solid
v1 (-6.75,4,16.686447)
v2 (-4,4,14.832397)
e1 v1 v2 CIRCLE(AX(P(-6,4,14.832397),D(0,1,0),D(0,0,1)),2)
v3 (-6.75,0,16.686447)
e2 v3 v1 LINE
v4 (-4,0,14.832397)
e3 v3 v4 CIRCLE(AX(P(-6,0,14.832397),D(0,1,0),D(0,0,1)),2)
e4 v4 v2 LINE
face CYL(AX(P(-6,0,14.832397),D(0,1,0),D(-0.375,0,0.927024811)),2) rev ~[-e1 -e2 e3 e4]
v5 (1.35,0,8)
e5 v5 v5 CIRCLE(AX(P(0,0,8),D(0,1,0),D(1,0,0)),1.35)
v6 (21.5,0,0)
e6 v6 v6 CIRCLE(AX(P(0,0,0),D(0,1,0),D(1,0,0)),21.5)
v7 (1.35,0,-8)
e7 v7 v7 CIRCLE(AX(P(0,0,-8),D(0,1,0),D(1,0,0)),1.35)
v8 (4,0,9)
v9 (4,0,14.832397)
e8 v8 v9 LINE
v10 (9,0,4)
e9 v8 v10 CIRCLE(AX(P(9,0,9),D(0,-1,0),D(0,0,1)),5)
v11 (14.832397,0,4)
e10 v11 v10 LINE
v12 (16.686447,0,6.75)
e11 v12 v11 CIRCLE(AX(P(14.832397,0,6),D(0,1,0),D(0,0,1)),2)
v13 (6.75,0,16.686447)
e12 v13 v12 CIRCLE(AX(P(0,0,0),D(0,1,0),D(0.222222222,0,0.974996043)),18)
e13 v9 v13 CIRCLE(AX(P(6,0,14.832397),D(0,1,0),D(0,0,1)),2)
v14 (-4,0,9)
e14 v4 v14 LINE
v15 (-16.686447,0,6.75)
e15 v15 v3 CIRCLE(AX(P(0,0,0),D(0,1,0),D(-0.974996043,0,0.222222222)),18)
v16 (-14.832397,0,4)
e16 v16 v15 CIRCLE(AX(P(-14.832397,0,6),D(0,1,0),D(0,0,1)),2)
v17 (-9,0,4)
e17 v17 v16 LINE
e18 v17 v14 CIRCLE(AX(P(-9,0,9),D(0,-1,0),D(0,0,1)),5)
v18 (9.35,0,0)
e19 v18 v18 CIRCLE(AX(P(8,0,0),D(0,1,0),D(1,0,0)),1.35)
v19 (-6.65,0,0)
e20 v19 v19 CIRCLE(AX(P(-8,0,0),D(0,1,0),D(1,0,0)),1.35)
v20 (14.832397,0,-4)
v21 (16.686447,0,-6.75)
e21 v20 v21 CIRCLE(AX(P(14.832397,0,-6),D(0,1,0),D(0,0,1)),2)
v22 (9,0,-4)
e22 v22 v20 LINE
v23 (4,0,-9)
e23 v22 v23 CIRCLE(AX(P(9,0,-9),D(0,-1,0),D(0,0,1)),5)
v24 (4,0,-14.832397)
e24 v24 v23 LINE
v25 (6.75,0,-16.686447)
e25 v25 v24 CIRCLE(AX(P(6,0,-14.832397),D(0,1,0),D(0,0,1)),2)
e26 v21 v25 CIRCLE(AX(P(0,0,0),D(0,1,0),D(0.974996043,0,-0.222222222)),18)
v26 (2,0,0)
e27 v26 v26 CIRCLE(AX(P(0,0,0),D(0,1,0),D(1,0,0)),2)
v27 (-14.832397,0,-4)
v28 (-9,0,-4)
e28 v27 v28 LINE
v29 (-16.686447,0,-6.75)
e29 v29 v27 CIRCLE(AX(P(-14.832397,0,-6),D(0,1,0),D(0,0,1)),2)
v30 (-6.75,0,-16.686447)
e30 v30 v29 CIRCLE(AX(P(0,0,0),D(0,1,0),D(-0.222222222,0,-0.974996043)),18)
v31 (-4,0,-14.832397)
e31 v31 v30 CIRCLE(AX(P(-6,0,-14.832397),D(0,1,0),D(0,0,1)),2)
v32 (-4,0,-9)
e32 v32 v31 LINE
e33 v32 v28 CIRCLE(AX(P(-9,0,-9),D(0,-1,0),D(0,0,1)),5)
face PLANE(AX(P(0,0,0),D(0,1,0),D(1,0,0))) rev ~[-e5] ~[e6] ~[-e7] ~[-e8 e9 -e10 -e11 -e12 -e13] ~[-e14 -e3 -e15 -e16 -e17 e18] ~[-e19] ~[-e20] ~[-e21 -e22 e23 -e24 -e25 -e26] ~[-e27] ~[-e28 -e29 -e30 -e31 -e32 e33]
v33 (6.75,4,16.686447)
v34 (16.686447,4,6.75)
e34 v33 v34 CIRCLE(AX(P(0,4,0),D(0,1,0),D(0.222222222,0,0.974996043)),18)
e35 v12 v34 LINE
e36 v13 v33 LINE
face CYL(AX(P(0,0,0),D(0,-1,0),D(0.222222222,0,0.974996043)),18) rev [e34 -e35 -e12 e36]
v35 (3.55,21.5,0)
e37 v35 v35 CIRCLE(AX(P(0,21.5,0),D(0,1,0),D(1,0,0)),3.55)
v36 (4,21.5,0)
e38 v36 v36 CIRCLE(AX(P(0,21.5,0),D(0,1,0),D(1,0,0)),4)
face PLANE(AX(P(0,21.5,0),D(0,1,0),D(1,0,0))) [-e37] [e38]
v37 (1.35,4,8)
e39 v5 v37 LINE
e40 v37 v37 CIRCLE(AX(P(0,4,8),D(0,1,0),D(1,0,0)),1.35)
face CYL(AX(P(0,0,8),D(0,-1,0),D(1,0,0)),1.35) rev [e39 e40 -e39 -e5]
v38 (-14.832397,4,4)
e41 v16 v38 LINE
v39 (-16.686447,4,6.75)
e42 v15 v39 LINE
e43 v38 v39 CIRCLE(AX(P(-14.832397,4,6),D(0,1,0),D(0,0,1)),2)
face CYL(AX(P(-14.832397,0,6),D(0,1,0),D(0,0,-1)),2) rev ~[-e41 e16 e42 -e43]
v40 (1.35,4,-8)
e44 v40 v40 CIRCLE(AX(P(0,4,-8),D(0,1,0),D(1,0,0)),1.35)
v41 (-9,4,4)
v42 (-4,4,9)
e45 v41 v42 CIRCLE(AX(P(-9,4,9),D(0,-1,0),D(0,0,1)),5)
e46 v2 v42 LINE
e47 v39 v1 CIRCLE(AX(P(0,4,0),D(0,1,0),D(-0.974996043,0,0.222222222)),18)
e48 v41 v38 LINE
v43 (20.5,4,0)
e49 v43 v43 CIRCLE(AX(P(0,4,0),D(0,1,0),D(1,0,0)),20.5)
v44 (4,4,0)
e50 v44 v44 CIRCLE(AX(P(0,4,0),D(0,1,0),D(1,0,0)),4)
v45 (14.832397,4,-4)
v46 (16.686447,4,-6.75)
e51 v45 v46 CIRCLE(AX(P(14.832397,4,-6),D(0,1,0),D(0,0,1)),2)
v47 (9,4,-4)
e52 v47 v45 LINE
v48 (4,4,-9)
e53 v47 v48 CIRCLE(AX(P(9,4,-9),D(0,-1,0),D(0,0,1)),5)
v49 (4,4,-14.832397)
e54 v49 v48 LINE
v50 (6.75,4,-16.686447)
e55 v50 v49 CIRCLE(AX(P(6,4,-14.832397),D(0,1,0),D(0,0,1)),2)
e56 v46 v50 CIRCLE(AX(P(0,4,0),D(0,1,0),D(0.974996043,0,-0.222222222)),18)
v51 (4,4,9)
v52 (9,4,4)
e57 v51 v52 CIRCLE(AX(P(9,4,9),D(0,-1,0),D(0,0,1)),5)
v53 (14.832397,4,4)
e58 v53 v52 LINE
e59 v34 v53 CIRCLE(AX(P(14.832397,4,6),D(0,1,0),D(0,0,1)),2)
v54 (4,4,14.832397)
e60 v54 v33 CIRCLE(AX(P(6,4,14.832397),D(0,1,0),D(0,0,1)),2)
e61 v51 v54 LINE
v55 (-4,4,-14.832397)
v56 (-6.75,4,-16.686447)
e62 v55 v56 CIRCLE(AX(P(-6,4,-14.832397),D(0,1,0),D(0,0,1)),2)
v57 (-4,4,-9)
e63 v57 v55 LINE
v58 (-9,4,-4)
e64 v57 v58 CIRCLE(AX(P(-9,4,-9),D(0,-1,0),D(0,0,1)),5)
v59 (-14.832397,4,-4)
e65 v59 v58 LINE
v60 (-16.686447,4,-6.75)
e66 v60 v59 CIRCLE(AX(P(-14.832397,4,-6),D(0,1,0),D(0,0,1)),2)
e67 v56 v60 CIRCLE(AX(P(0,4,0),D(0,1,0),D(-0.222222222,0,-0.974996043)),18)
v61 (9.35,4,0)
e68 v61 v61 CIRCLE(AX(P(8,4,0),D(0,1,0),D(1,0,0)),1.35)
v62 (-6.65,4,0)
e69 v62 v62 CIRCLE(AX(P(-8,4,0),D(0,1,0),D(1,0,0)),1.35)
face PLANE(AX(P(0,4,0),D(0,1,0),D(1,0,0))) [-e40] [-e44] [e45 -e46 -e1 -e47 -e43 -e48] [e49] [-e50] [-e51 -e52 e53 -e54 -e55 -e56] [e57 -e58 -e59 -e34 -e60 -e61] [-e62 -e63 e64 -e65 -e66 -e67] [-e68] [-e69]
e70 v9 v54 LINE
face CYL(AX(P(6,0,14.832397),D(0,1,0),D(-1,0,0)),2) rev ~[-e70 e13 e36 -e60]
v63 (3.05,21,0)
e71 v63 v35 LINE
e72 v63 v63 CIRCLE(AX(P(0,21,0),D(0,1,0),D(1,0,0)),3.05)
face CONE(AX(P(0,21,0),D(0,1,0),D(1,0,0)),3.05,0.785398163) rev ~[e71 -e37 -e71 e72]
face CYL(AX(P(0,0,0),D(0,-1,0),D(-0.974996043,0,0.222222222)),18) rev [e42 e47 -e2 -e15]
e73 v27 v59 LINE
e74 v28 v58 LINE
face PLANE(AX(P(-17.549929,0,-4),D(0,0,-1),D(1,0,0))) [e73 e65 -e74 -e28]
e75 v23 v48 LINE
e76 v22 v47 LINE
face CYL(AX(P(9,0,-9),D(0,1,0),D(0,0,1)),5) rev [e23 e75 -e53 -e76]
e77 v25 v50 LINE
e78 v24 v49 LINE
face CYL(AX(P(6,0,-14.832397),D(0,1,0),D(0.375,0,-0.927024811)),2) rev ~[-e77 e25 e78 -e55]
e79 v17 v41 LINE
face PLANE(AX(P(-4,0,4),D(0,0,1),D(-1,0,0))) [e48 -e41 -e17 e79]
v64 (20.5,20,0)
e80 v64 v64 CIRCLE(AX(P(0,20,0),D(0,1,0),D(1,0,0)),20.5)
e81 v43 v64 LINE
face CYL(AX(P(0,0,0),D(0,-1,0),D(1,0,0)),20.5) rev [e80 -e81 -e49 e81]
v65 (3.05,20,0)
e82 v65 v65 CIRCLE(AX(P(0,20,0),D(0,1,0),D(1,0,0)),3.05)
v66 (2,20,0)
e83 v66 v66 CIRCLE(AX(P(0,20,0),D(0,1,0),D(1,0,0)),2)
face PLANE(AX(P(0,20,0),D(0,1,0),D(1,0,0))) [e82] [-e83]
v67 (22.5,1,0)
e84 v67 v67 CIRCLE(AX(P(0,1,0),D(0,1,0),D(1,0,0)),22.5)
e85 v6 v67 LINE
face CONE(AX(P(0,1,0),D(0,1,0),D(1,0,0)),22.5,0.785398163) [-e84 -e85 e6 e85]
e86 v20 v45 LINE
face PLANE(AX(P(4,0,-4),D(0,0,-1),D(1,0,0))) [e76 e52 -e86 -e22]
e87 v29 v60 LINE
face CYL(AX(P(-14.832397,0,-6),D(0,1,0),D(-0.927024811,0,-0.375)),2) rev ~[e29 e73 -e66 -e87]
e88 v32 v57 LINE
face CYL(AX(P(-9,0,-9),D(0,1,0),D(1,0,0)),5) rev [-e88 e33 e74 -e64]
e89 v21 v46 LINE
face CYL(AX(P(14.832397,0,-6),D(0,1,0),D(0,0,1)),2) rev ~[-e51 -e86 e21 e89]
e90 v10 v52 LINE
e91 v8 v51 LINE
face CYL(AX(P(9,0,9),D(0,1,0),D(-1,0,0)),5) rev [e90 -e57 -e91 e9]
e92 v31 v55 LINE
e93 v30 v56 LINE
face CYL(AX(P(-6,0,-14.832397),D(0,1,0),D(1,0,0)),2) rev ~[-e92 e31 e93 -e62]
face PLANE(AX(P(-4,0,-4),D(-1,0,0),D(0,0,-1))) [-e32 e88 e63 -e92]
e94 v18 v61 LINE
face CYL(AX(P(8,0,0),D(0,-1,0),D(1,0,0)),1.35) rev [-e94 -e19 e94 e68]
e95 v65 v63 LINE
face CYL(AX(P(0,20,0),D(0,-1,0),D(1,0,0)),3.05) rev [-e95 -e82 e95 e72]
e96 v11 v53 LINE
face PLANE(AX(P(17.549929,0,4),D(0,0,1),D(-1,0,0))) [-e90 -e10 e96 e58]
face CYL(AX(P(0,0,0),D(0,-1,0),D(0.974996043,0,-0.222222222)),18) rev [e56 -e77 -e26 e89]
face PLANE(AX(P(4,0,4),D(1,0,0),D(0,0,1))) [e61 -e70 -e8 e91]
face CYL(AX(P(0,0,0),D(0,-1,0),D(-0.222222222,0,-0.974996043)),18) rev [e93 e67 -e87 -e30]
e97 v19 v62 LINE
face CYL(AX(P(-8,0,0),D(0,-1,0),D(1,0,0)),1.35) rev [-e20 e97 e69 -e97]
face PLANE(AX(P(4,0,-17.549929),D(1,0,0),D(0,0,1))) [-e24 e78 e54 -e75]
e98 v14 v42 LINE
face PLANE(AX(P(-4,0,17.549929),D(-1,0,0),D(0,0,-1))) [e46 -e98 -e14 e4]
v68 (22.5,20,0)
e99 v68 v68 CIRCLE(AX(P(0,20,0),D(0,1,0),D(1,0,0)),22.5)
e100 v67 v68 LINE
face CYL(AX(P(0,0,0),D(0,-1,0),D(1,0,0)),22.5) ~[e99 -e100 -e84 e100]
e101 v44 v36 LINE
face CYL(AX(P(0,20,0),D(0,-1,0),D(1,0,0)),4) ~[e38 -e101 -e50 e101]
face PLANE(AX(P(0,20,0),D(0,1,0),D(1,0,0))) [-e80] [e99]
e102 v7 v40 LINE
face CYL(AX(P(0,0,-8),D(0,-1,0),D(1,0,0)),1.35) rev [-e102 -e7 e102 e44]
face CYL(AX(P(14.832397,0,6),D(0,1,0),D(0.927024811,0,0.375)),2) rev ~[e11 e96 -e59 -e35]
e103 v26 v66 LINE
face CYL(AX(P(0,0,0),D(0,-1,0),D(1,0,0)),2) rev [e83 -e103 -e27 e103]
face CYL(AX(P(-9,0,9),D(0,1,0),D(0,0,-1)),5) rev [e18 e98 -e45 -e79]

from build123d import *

# Parameters (mm, degrees)
SKETCH_1_R      = 20.5
SKETCH_1_R_2    = 1.35
SKETCH_1_R_3    = 4
EXTRUDE_1_DEPTH = 4
SKETCH_1_3_R    = 4
SKETCH_1_3_R_2  = 2
EXTRUDE_2_DEPTH = 20
SKETCH_1_4_R    = 22.5
SKETCH_1_4_R_2  = 20.5
EXTRUDE_3_DEPTH = 20
FILLET_1_R      = 5
FILLET_2_R      = 2
CHAMFER_1_SIZE  = 1
SKETCH_2_R      = 4
SKETCH_2_R_2    = 3.05
EXTRUDE_4_DEPTH = 1.5
CHAMFER_2_SIZE  = 0.5


with BuildPart() as part:
    # 草图1 → 凸台-拉伸1 (new body)
    with BuildSketch(Plane(origin=(0, 0, 0), x_dir=(1, 0, 0), z_dir=(0, 1, 0))):
        Circle(SKETCH_1_R)
        with BuildLine():
            Line((-4, -4), (-4, -17.549928775))
            ThreePointArc((-4, -17.549928775), (-12.727922061, -12.727922061), (-17.549928775, -4))
            Line((-17.549928775, -4), (-4, -4))
        make_face(mode=Mode.SUBTRACT)
        with Locations((0, -8)):
            Circle(SKETCH_1_R_2, mode=Mode.SUBTRACT)
        with BuildLine():
            Line((4, -4), (17.549928775, -4))
            ThreePointArc((17.549928775, -4), (12.727922061, -12.727922061), (4, -17.549928775))
            Line((4, -17.549928775), (4, -4))
        make_face(mode=Mode.SUBTRACT)
        with Locations((8, 0)):
            Circle(SKETCH_1_R_2, mode=Mode.SUBTRACT)
        with Locations((-8, 0)):
            Circle(SKETCH_1_R_2, mode=Mode.SUBTRACT)
        with BuildLine():
            Line((-4, 4), (-17.549928775, 4))
            ThreePointArc((-17.549928775, 4), (-12.727922061, 12.727922061), (-4, 17.549928775))
            Line((-4, 17.549928775), (-4, 4))
        make_face(mode=Mode.SUBTRACT)
        Circle(SKETCH_1_R_3, mode=Mode.SUBTRACT)
        with Locations((0, 8)):
            Circle(SKETCH_1_R_2, mode=Mode.SUBTRACT)
        with BuildLine():
            Line((4, 4), (4, 17.549928775))
            ThreePointArc((4, 17.549928775), (12.727922061, 12.727922061), (17.549928775, 4))
            Line((17.549928775, 4), (4, 4))
        make_face(mode=Mode.SUBTRACT)
    extrude(amount=EXTRUDE_1_DEPTH)

    # 草图1<3> → 凸台-拉伸2 (add)
    with BuildSketch(Plane(origin=(0, 0, 0), x_dir=(1, 0, 0), z_dir=(0, 1, 0))):
        Circle(SKETCH_1_3_R)
        Circle(SKETCH_1_3_R_2, mode=Mode.SUBTRACT)
    extrude(amount=EXTRUDE_2_DEPTH)

    # 草图1<4> → 凸台-拉伸3 (add)
    with BuildSketch(Plane(origin=(0, 0, 0), x_dir=(1, 0, 0), z_dir=(0, 1, 0))):
        Circle(SKETCH_1_4_R)
        Circle(SKETCH_1_4_R_2, mode=Mode.SUBTRACT)
    extrude(amount=EXTRUDE_3_DEPTH)

    # 圆角1
    fillet_1_edges = [part.edges().sort_by_distance(p)[0] for p in [
        (-4, 2, 4),
        (4, 2, 4),
        (4, 2, -4),
        (-4, 2, -4),
    ]]
    fillet(fillet_1_edges, radius=FILLET_1_R)

    # 圆角2
    fillet_2_edges = [part.edges().sort_by_distance(p)[0] for p in [
        (4, 2, 17.549928775),
        (17.549928775, 2, 4),
        (17.549928775, 2, -4),
        (4, 2, -17.549928775),
        (-4, 2, 17.549928775),
        (-17.549928775, 2, 4),
        (-4, 2, -17.549928775),
        (-17.549928775, 2, -4),
    ]]
    fillet(fillet_2_edges, radius=FILLET_2_R)

    # 倒角1
    chamfer_1_edges = [part.edges().sort_by_distance(p)[0] for p in [
        (-22.5, 0, 0),
    ]]
    chamfer(chamfer_1_edges, length=CHAMFER_1_SIZE)

    # 草图2 → 凸台-拉伸4 (add)
    with BuildSketch(Plane(origin=(0, 20, 0), x_dir=(1, 0, 0), z_dir=(0, 1, 0))):
        Circle(SKETCH_2_R)
        Circle(SKETCH_2_R_2, mode=Mode.SUBTRACT)
    extrude(amount=EXTRUDE_4_DEPTH)

    # 倒角2
    chamfer_2_edges = [part.edges().sort_by_distance(p)[0] for p in [
        (-3.05, 21.5, 0),
    ]]
    chamfer(chamfer_2_edges, length=CHAMFER_2_SIZE)


solid = part.part
